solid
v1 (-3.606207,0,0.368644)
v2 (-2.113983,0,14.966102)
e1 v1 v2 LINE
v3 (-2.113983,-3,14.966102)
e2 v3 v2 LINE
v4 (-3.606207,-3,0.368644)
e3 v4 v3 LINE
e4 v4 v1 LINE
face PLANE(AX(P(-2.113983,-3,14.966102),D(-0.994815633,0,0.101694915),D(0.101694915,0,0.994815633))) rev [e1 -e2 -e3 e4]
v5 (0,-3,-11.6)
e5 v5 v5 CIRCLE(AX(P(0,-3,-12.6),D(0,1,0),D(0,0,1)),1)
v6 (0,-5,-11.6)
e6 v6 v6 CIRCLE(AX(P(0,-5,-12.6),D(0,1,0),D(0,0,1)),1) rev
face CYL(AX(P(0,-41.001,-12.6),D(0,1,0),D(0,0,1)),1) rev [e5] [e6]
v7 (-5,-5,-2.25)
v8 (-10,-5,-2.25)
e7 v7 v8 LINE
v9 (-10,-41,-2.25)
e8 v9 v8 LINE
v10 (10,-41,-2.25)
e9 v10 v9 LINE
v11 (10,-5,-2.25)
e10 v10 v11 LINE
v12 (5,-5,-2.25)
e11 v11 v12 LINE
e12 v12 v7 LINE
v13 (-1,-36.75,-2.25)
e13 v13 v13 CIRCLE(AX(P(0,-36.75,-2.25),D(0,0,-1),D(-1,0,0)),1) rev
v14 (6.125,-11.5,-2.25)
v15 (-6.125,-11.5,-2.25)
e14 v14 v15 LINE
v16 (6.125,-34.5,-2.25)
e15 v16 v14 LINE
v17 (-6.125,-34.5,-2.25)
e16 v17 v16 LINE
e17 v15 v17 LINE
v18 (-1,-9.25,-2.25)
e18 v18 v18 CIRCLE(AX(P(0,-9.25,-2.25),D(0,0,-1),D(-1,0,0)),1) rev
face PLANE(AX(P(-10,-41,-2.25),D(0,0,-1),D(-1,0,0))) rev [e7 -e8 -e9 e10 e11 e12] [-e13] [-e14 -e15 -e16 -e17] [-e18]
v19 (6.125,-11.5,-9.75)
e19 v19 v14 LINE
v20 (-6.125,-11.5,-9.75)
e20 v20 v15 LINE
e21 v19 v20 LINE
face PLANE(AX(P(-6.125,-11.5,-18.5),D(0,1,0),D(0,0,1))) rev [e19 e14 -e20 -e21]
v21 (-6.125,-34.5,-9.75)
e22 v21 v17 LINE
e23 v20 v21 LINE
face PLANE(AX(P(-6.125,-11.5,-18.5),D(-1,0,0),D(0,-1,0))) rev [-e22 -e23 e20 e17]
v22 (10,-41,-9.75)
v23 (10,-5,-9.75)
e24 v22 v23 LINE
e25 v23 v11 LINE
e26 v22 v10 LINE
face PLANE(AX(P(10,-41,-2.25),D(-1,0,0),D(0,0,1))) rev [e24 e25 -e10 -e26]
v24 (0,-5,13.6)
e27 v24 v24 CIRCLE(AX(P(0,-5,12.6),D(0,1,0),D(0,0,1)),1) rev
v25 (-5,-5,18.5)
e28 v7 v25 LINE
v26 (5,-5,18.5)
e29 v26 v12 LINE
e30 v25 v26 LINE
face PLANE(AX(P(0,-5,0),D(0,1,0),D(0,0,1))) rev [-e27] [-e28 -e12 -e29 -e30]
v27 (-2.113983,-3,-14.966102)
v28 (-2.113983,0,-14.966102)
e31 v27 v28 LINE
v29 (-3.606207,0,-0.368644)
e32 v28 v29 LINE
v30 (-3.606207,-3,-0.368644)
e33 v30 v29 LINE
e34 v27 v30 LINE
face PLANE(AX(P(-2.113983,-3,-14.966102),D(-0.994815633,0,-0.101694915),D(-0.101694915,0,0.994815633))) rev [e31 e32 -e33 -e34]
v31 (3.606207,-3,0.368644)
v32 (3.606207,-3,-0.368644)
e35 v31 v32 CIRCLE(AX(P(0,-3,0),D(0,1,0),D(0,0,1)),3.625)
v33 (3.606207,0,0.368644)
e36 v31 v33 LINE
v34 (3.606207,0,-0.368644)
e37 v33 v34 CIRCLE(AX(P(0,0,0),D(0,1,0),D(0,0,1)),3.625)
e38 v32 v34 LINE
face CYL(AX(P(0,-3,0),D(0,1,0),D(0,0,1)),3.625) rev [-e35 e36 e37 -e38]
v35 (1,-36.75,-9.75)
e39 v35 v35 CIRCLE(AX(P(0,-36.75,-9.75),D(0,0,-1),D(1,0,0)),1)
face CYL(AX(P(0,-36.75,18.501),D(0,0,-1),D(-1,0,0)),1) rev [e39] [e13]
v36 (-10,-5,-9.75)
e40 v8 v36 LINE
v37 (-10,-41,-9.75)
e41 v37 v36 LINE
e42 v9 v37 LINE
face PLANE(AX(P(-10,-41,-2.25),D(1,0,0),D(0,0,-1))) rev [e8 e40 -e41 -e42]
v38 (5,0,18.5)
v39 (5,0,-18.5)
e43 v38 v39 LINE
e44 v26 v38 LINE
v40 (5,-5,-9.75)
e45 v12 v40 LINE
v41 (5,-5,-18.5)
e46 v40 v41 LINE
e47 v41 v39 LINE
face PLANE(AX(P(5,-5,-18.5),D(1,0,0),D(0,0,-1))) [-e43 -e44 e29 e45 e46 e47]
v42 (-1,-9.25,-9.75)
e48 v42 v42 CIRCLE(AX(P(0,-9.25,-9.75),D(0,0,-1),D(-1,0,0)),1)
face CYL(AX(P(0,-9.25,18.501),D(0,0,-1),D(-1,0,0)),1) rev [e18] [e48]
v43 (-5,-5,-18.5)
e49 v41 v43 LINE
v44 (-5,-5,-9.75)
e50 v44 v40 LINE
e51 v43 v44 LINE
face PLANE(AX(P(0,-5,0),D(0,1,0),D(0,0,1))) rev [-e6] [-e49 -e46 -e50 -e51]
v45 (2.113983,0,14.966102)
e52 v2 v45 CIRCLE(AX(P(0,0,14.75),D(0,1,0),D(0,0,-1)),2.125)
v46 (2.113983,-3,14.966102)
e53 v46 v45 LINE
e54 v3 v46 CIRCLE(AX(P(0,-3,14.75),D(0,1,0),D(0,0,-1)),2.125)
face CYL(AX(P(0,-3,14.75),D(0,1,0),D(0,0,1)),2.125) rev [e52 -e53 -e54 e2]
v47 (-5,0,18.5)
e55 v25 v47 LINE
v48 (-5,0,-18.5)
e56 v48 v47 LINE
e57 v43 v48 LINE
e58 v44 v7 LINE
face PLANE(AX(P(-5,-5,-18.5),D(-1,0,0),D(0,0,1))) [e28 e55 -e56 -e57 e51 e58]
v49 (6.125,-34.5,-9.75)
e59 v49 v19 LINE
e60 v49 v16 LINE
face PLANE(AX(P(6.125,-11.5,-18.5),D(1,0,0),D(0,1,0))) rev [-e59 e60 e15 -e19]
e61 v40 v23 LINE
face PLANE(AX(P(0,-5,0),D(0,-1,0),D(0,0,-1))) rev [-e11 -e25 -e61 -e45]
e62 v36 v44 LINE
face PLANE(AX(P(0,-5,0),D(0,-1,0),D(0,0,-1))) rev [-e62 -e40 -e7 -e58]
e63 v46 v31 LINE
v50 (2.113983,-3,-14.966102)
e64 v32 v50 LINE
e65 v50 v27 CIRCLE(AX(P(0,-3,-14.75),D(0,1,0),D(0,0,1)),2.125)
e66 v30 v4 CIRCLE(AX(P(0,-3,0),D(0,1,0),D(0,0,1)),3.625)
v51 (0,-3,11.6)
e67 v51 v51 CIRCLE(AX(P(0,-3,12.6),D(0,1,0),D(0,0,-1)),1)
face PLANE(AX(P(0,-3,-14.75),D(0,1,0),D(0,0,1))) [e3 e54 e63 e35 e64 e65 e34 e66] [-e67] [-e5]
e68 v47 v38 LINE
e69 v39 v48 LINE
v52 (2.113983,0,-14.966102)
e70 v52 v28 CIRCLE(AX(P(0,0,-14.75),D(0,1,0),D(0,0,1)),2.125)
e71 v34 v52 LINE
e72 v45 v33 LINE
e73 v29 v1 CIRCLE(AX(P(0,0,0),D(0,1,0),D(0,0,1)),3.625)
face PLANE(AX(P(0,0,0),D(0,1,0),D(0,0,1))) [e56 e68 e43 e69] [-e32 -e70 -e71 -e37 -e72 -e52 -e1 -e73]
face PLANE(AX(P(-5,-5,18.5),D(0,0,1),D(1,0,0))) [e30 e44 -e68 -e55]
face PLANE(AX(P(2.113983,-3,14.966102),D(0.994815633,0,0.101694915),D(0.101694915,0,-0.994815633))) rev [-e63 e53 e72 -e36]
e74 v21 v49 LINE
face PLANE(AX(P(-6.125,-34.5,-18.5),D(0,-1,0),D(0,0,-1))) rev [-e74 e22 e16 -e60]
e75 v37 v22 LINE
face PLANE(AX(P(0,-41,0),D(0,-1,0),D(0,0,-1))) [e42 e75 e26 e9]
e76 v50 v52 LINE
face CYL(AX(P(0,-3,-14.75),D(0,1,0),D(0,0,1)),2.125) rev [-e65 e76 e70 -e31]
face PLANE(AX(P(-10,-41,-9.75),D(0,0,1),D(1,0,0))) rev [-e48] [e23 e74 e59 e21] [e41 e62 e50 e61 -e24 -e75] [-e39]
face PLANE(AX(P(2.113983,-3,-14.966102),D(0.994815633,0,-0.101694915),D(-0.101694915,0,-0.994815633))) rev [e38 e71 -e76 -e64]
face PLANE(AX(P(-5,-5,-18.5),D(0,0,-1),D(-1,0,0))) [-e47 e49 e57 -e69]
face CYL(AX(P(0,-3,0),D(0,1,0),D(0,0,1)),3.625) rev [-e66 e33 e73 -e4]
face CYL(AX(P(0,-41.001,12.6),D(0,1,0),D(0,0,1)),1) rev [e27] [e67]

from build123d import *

# Parameters (mm, degrees)
SKETCH_1_W          = 10
SKETCH_1_H          = 37
EXTRUDE_1_DEPTH     = 5
CUT_EXTRUDE_1_DEPTH = 3
SKETCH_3_W          = 20
SKETCH_3_H          = 7.5
EXTRUDE_2_DEPTH     = 36
SKETCH_6_W          = 12.25
SKETCH_6_H          = 23
CUT_EXTRUDE_2_DEPTH = 48.027252737
CUT_EXTRUDE_3_REACH = 45.431
SKETCH_7_R          = 1
CUT_EXTRUDE_4_REACH = 52.784
SKETCH_9_R          = 1


with BuildPart() as part:
    # 草图1 → 凸台-拉伸1 (new body)
    with BuildSketch(Plane(origin=(0, 0, 0), x_dir=(1, 0, 0), z_dir=(0, 1, 0))):
        Rectangle(SKETCH_1_W, SKETCH_1_H)
    extrude(amount=-EXTRUDE_1_DEPTH)

    # 草图2 → 切除-拉伸1 (cut)
    with BuildSketch(Plane(origin=(0, 0, 0), x_dir=(1, 0, 0), z_dir=(0, 1, 0))):
        with BuildLine():
            Line((-2.113983221, 14.966101695), (-3.606206671, 0.368644068))
            ThreePointArc((-3.606206671, 0.368644068), (-3.625, 0), (-3.606206671, -0.368644068))
            Line((-3.606206671, -0.368644068), (-2.113983221, -14.966101695))
            ThreePointArc((-2.113983221, -14.966101695), (0, -16.875), (2.113983221, -14.966101695))
            Line((2.113983221, -14.966101695), (3.606206671, -0.368644068))
            ThreePointArc((3.606206671, -0.368644068), (3.625, 0), (3.606206671, 0.368644068))
            Line((3.606206671, 0.368644068), (2.113983221, 14.966101695))
            ThreePointArc((2.113983221, 14.966101695), (0, 16.875), (-2.113983221, 14.966101695))
        make_face()
    extrude(amount=-CUT_EXTRUDE_1_DEPTH, mode=Mode.SUBTRACT)

    # 草图3 → 凸台-拉伸2 (add)
    with BuildSketch(Plane.XZ.offset(5)):
        with Locations((0, -6)):
            Rectangle(SKETCH_3_W, SKETCH_3_H)
    extrude(amount=EXTRUDE_2_DEPTH)

    # 草图6 → 切除-拉伸2 (cut, through all)
    with BuildSketch(Plane.XY.offset(-2.25)):
        with Locations((0, -23)):
            Rectangle(SKETCH_6_W, SKETCH_6_H)
    extrude(amount=-CUT_EXTRUDE_2_DEPTH, mode=Mode.SUBTRACT)

    # 草图7 → 切除-拉伸3 (cut, up to next)
    with BuildSketch(Plane(origin=(0, -3, 0), x_dir=(1, 0, 0), z_dir=(0, 1, 0)), mode=Mode.PRIVATE) as cut_extrude_3_sk1:
        with Locations(Location((0, 12.6, 0), (0, 0, 270))):
            Circle(SKETCH_7_R)
    cut_extrude_3_tool1 = extrude(cut_extrude_3_sk1.sketch, amount=-CUT_EXTRUDE_3_REACH, mode=Mode.PRIVATE) & part.part
    # 草图7 → 切除-拉伸3 (cut, up to next)
    with BuildSketch(Plane(origin=(0, -3, 0), x_dir=(1, 0, 0), z_dir=(0, 1, 0)), mode=Mode.PRIVATE) as cut_extrude_3_sk2:
        with Locations(Location((0, -12.6, 0), (0, 0, 270))):
            Circle(SKETCH_7_R)
    cut_extrude_3_tool2 = extrude(cut_extrude_3_sk2.sketch, amount=-CUT_EXTRUDE_3_REACH, mode=Mode.PRIVATE) & part.part
    add(cut_extrude_3_tool1.solids().sort_by_distance((0, -3, -12.6))[0], mode=Mode.SUBTRACT)
    add(cut_extrude_3_tool2.solids().sort_by_distance((0, -3, 12.6))[0], mode=Mode.SUBTRACT)

    # 草图9 → 切除-拉伸4 (cut, up to next)
    with BuildSketch(Plane(origin=(0, 0, -9.75), x_dir=(-1, 0, 0), z_dir=(0, 0, -1)), mode=Mode.PRIVATE) as cut_extrude_4_sk1:
        with Locations((0, -9.25)):
            Circle(SKETCH_9_R)
    cut_extrude_4_tool1 = extrude(cut_extrude_4_sk1.sketch, amount=-CUT_EXTRUDE_4_REACH, mode=Mode.PRIVATE) & part.part
    # 草图9 → 切除-拉伸4 (cut, up to next)
    with BuildSketch(Plane(origin=(0, 0, -9.75), x_dir=(-1, 0, 0), z_dir=(0, 0, -1)), mode=Mode.PRIVATE) as cut_extrude_4_sk2:
        with Locations((0, -36.75)):
            Circle(SKETCH_9_R)
    cut_extrude_4_tool2 = extrude(cut_extrude_4_sk2.sketch, amount=-CUT_EXTRUDE_4_REACH, mode=Mode.PRIVATE) & part.part
    add(cut_extrude_4_tool1.solids().sort_by_distance((0, -9.25, -9.75))[0], mode=Mode.SUBTRACT)
    add(cut_extrude_4_tool2.solids().sort_by_distance((0, -36.75, -9.75))[0], mode=Mode.SUBTRACT)


solid = part.part
